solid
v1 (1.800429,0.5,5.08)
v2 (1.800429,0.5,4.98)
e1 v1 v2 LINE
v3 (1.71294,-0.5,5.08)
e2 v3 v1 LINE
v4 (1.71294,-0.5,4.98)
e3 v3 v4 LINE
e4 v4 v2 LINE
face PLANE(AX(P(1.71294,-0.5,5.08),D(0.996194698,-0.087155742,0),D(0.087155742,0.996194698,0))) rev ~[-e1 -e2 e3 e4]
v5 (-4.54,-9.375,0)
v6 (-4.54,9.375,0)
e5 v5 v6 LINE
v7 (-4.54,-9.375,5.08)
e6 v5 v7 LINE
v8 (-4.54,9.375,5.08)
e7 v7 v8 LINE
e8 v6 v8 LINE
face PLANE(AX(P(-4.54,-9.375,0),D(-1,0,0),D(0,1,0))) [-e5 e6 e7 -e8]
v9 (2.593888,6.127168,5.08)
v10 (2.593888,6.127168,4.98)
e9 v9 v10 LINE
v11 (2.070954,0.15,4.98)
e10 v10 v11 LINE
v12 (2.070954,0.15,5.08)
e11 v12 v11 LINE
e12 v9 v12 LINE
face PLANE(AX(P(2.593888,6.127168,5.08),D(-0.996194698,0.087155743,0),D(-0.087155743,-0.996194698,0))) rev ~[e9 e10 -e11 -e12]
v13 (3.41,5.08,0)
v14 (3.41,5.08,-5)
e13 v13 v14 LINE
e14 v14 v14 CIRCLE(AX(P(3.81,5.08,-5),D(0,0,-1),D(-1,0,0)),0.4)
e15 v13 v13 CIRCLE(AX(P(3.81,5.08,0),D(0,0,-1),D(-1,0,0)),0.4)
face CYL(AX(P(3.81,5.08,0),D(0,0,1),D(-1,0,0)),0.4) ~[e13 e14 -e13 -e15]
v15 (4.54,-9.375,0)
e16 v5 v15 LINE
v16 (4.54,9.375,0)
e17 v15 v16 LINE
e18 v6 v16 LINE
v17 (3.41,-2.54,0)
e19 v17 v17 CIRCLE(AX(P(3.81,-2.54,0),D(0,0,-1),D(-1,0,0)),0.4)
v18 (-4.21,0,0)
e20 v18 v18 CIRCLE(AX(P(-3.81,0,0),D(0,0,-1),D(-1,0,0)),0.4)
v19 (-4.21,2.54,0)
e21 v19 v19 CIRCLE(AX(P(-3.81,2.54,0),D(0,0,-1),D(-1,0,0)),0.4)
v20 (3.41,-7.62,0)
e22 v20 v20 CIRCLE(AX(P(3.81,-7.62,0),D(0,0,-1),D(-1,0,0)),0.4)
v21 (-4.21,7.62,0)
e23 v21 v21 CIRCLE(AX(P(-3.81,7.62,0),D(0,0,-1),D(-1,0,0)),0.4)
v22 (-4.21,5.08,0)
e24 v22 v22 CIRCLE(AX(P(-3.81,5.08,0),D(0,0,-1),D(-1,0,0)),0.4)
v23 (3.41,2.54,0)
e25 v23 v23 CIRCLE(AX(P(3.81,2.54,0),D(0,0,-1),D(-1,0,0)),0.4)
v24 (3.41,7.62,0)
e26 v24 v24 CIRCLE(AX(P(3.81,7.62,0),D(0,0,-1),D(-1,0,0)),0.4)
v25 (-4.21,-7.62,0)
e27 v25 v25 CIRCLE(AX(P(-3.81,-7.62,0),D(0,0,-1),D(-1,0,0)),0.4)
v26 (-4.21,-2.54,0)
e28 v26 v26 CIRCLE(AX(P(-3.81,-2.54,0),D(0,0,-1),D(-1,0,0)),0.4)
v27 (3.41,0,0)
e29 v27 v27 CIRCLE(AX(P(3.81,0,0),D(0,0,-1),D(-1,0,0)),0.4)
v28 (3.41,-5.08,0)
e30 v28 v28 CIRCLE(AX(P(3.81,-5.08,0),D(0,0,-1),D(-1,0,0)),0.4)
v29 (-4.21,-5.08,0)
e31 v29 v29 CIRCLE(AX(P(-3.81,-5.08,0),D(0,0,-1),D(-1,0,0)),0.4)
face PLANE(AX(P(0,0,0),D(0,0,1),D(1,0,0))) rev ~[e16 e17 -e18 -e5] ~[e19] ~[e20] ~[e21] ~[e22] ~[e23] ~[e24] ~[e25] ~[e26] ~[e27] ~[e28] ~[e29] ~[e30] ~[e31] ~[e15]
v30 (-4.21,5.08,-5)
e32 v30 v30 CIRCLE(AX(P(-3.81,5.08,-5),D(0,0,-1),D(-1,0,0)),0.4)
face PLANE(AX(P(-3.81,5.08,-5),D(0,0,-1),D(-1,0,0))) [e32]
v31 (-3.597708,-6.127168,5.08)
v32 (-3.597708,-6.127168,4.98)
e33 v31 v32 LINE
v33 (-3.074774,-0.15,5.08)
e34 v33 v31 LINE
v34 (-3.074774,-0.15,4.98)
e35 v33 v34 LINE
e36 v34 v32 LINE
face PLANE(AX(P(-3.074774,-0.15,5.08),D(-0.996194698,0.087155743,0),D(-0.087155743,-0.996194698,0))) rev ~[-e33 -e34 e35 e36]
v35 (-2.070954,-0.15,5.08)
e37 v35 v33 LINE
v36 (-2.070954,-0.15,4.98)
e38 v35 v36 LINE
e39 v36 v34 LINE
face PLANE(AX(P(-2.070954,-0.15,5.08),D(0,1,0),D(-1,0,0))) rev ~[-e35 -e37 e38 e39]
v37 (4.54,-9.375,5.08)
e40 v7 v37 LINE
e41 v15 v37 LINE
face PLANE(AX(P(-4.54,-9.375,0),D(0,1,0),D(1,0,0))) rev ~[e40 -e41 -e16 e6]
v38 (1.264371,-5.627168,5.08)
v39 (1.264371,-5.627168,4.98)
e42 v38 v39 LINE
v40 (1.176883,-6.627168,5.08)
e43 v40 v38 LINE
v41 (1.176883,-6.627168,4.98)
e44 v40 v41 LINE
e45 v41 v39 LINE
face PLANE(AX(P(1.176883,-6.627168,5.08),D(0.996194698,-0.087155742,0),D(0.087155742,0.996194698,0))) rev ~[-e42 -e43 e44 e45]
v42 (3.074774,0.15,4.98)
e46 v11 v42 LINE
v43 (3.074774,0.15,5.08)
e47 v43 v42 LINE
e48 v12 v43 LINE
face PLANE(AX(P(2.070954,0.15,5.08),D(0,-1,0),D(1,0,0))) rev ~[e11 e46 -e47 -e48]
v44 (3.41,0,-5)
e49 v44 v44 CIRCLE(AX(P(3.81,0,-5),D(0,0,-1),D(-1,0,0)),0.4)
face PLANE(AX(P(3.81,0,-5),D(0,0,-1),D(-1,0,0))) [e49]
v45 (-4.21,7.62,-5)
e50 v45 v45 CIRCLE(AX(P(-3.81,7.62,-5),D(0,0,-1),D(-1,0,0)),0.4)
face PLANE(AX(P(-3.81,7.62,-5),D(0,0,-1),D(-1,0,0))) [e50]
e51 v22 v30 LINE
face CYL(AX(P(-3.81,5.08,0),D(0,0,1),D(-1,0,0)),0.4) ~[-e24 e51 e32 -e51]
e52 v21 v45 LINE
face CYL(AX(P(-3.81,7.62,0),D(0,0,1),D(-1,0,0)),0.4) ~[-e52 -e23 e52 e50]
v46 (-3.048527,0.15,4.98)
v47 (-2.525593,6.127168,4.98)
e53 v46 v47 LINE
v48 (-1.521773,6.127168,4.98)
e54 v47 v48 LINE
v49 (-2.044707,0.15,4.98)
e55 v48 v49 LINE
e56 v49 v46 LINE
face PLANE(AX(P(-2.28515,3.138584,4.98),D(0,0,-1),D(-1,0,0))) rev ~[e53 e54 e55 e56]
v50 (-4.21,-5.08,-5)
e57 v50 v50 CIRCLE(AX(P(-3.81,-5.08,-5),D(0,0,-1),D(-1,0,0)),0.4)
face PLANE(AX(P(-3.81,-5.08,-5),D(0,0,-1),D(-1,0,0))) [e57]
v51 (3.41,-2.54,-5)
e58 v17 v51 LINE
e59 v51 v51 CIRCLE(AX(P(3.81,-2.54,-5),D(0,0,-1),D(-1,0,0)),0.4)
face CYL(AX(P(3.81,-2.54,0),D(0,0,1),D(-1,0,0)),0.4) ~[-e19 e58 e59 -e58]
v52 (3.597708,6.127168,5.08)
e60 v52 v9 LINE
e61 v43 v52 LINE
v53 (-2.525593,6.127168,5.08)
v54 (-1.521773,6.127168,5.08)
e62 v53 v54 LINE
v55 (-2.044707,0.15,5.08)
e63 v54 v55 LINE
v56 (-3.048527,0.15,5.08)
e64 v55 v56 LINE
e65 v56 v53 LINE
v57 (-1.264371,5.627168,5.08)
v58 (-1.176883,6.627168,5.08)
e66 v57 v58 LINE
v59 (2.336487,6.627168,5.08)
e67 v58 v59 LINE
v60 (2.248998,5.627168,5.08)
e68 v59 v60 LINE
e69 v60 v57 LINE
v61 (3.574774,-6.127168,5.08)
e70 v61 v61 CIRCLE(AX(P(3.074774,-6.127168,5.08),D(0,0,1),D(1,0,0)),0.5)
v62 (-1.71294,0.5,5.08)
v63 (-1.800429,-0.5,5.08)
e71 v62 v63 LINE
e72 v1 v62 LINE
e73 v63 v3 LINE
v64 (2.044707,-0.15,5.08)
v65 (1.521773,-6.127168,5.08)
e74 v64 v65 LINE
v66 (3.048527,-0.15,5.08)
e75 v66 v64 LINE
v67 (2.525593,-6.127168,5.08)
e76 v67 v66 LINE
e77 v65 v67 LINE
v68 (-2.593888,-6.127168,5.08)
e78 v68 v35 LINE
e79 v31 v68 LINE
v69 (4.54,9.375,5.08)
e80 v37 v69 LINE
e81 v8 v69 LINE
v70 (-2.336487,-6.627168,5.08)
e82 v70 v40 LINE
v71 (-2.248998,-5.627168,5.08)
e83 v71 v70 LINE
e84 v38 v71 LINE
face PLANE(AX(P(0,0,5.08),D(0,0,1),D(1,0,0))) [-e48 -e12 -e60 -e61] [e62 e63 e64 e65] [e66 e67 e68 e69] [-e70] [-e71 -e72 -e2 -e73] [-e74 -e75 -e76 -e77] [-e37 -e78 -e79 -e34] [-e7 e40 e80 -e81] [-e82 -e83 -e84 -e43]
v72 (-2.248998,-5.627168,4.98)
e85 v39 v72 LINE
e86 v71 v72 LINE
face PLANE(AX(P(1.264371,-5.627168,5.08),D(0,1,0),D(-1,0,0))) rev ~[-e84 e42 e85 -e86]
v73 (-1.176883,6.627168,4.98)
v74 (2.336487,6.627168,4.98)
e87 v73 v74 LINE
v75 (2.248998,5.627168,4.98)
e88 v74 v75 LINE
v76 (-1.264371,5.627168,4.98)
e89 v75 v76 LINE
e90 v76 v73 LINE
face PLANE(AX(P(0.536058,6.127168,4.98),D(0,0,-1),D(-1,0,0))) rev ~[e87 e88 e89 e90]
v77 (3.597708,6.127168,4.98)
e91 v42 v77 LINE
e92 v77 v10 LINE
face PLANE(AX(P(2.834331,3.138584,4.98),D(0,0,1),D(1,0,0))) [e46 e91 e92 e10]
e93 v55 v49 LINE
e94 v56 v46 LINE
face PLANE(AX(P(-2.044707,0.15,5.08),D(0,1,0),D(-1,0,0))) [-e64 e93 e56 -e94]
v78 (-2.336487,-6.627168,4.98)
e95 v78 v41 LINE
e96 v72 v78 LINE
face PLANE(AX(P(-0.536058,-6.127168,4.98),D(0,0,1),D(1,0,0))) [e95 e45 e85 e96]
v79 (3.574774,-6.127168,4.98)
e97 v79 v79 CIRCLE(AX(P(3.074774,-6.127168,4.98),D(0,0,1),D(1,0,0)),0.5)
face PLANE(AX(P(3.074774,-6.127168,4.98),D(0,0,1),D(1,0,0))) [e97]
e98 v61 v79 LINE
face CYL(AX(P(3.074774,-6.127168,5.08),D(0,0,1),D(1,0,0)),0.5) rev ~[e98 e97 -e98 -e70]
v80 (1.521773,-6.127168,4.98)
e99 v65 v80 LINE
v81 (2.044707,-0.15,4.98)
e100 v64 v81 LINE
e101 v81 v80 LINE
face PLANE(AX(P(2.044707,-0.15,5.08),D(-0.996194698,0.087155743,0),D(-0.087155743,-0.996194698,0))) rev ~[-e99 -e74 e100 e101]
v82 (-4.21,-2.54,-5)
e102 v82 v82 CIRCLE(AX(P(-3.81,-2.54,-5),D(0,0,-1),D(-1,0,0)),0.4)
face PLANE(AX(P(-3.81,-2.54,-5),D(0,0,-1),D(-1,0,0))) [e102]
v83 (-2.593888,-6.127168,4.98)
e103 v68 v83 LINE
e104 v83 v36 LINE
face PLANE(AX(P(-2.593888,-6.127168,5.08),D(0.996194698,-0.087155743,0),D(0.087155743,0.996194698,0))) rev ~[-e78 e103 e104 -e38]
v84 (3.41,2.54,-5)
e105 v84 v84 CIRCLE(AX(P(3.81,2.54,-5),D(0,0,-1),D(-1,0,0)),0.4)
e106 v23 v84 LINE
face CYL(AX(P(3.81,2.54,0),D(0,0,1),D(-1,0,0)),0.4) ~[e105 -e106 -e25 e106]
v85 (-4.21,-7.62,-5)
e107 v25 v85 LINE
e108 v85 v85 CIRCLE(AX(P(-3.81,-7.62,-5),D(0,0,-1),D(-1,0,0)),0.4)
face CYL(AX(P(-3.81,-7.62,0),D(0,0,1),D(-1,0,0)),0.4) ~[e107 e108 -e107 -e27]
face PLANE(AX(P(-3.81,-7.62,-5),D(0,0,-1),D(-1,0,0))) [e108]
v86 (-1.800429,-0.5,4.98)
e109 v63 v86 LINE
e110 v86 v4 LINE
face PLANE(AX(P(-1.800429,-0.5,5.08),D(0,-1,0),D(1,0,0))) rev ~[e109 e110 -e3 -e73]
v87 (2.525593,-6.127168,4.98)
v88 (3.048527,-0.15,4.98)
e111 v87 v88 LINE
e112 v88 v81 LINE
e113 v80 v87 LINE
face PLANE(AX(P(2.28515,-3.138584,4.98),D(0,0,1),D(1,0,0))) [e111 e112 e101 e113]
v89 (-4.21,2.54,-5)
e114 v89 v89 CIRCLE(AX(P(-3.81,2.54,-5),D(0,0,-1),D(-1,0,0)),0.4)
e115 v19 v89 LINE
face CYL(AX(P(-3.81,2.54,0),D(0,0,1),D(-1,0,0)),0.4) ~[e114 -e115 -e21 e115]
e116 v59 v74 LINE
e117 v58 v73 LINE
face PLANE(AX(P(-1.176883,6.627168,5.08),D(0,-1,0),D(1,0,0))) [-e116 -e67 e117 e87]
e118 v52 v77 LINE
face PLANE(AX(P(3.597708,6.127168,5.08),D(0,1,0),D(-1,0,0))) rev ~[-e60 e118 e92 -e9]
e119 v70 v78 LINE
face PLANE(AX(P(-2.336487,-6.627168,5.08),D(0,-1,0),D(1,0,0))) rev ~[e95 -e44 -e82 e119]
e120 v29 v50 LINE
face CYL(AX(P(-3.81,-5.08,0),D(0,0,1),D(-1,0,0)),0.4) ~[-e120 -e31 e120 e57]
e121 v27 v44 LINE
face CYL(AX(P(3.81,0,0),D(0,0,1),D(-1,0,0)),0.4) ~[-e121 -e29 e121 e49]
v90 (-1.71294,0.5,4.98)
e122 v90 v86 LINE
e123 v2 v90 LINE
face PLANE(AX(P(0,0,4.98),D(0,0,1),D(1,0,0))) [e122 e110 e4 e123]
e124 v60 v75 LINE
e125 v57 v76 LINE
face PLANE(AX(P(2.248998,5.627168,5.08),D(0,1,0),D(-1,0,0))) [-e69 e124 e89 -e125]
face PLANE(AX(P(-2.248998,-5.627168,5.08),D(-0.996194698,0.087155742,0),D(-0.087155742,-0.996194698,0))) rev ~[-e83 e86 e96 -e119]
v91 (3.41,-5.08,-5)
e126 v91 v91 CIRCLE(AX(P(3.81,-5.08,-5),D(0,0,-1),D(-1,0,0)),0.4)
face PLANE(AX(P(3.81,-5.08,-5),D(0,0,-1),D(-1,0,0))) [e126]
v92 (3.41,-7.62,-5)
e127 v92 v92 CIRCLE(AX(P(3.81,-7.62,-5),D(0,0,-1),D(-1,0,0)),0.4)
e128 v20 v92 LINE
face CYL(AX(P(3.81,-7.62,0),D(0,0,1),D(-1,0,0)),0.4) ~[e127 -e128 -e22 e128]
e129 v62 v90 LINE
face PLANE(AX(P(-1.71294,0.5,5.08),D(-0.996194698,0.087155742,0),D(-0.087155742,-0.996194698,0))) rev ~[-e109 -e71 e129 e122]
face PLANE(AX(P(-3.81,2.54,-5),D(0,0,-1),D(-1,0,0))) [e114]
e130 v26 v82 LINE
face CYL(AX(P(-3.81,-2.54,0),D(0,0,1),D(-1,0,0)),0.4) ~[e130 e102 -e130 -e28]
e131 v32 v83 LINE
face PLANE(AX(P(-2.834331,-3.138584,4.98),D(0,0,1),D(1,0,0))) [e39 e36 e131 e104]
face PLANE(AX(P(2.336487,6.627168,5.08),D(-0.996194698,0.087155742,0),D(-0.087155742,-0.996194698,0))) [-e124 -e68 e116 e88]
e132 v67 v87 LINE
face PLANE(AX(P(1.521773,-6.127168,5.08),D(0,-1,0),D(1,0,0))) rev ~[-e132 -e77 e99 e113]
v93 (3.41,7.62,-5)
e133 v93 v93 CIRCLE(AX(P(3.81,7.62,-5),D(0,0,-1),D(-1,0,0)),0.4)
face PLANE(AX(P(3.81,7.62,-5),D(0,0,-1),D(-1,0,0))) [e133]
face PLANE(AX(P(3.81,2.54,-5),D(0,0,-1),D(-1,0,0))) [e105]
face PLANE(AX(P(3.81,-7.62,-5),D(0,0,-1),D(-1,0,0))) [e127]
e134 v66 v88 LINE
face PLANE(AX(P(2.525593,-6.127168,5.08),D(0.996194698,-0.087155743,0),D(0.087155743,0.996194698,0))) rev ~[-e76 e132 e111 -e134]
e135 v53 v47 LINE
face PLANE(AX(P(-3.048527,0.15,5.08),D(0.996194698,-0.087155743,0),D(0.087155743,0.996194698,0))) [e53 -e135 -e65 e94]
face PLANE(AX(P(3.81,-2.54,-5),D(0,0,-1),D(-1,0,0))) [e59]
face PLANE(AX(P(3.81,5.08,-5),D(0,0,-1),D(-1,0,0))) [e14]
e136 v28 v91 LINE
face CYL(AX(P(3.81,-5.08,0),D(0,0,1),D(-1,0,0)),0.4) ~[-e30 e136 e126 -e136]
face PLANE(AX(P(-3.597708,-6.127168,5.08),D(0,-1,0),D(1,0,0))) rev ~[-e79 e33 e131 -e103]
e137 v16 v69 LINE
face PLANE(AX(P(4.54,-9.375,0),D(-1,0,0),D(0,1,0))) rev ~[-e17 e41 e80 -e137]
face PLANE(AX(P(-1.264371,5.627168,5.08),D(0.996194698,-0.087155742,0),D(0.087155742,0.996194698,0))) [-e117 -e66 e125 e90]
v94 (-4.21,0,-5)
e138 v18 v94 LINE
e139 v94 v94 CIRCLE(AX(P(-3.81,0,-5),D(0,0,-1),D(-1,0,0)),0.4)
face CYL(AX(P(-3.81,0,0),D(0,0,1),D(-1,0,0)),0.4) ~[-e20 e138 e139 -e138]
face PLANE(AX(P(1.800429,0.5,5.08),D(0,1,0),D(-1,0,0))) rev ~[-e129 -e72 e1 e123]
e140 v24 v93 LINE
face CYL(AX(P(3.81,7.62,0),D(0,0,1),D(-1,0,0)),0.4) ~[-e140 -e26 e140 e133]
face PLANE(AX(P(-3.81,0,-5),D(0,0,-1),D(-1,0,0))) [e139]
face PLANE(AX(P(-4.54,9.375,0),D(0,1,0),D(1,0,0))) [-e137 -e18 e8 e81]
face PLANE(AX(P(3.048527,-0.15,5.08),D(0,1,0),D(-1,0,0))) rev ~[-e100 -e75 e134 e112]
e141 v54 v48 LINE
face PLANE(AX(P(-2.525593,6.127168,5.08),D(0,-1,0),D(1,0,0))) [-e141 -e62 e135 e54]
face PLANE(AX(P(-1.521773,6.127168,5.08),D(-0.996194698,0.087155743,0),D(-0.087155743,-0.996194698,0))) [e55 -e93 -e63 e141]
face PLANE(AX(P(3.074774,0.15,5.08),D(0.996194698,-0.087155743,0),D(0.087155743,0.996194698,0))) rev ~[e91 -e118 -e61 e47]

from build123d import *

# Parameters (mm, degrees)
SKETCH1_W           = 9.08
SKETCH1_H           = 18.75
BODY_DEPTH          = 5.08
SKETCH2_R           = 0.4
PINS_DEPTH          = 5
PIN_PATTERN_1_COUNT = 4
PIN_PATTERN_1_PITCH = 2.54
PIN_PATTERN_2_COUNT = 4
PIN_PATTERN_2_PITCH = 2.54
SKETCH3_R           = 0.5
LED_DISPLAY_DEPTH   = 0.1


with BuildPart() as part:
    # Sketch1 → Body (new body)
    with BuildSketch(Plane.XY):
        Rectangle(SKETCH1_W, SKETCH1_H)
    extrude(amount=BODY_DEPTH)

    # Sketch2 → Pins (add)
    with BuildSketch(Plane(origin=(0, 0, 0), x_dir=(-1, 0, 0), z_dir=(0, 0, -1))):
        with Locations((-3.81, 0)):
            Circle(SKETCH2_R)
        with Locations((3.81, 0)):
            Circle(SKETCH2_R)
    pins = extrude(amount=PINS_DEPTH)

    # Pin Pattern 1: Pins ×4
    with Locations(*[(0, -i * PIN_PATTERN_1_PITCH, 0) for i in range(1, PIN_PATTERN_1_COUNT)]):
        add(pins)

    # Pin Pattern 2: Pins ×4
    with Locations(*[(0, i * PIN_PATTERN_2_PITCH, 0) for i in range(1, PIN_PATTERN_2_COUNT)]):
        add(pins)

    # Sketch3 → LED Display (cut)
    with BuildSketch(Plane.XY.offset(5.08)):
        with Locations((3.074773804, -6.127168189)):
            Circle(SKETCH3_R)
        Polygon((-1.521772911, 6.127168189), (-2.044707367, 0.15), (-3.048527205, 0.15), (-2.525592748, 6.127168189), align=None)
        Polygon((-3.597708261, -6.127168189), (-2.593888423, -6.127168189), (-2.070953966, -0.15), (-3.074773804, -0.15), align=None)
        Polygon((2.593888423, 6.127168189), (2.070953966, 0.15), (3.074773804, 0.15), (3.597708261, 6.127168189), align=None)
        Polygon((1.521772911, -6.127168189), (2.525592748, -6.127168189), (3.048527205, -0.15), (2.044707367, -0.15), align=None)
        Polygon((-1.712940384, 0.5), (-1.800429047, -0.5), (1.712940384, -0.5), (1.800429047, 0.5), align=None)
        Polygon((-1.264371291, 5.627168189), (-1.176882628, 6.627168189), (2.336486803, 6.627168189), (2.24899814, 5.627168189), align=None)
        Polygon((-2.24899814, -5.627168189), (-2.336486803, -6.627168189), (1.176882628, -6.627168189), (1.264371291, -5.627168189), align=None)
    extrude(amount=-LED_DISPLAY_DEPTH, mode=Mode.SUBTRACT)


solid = part.part
